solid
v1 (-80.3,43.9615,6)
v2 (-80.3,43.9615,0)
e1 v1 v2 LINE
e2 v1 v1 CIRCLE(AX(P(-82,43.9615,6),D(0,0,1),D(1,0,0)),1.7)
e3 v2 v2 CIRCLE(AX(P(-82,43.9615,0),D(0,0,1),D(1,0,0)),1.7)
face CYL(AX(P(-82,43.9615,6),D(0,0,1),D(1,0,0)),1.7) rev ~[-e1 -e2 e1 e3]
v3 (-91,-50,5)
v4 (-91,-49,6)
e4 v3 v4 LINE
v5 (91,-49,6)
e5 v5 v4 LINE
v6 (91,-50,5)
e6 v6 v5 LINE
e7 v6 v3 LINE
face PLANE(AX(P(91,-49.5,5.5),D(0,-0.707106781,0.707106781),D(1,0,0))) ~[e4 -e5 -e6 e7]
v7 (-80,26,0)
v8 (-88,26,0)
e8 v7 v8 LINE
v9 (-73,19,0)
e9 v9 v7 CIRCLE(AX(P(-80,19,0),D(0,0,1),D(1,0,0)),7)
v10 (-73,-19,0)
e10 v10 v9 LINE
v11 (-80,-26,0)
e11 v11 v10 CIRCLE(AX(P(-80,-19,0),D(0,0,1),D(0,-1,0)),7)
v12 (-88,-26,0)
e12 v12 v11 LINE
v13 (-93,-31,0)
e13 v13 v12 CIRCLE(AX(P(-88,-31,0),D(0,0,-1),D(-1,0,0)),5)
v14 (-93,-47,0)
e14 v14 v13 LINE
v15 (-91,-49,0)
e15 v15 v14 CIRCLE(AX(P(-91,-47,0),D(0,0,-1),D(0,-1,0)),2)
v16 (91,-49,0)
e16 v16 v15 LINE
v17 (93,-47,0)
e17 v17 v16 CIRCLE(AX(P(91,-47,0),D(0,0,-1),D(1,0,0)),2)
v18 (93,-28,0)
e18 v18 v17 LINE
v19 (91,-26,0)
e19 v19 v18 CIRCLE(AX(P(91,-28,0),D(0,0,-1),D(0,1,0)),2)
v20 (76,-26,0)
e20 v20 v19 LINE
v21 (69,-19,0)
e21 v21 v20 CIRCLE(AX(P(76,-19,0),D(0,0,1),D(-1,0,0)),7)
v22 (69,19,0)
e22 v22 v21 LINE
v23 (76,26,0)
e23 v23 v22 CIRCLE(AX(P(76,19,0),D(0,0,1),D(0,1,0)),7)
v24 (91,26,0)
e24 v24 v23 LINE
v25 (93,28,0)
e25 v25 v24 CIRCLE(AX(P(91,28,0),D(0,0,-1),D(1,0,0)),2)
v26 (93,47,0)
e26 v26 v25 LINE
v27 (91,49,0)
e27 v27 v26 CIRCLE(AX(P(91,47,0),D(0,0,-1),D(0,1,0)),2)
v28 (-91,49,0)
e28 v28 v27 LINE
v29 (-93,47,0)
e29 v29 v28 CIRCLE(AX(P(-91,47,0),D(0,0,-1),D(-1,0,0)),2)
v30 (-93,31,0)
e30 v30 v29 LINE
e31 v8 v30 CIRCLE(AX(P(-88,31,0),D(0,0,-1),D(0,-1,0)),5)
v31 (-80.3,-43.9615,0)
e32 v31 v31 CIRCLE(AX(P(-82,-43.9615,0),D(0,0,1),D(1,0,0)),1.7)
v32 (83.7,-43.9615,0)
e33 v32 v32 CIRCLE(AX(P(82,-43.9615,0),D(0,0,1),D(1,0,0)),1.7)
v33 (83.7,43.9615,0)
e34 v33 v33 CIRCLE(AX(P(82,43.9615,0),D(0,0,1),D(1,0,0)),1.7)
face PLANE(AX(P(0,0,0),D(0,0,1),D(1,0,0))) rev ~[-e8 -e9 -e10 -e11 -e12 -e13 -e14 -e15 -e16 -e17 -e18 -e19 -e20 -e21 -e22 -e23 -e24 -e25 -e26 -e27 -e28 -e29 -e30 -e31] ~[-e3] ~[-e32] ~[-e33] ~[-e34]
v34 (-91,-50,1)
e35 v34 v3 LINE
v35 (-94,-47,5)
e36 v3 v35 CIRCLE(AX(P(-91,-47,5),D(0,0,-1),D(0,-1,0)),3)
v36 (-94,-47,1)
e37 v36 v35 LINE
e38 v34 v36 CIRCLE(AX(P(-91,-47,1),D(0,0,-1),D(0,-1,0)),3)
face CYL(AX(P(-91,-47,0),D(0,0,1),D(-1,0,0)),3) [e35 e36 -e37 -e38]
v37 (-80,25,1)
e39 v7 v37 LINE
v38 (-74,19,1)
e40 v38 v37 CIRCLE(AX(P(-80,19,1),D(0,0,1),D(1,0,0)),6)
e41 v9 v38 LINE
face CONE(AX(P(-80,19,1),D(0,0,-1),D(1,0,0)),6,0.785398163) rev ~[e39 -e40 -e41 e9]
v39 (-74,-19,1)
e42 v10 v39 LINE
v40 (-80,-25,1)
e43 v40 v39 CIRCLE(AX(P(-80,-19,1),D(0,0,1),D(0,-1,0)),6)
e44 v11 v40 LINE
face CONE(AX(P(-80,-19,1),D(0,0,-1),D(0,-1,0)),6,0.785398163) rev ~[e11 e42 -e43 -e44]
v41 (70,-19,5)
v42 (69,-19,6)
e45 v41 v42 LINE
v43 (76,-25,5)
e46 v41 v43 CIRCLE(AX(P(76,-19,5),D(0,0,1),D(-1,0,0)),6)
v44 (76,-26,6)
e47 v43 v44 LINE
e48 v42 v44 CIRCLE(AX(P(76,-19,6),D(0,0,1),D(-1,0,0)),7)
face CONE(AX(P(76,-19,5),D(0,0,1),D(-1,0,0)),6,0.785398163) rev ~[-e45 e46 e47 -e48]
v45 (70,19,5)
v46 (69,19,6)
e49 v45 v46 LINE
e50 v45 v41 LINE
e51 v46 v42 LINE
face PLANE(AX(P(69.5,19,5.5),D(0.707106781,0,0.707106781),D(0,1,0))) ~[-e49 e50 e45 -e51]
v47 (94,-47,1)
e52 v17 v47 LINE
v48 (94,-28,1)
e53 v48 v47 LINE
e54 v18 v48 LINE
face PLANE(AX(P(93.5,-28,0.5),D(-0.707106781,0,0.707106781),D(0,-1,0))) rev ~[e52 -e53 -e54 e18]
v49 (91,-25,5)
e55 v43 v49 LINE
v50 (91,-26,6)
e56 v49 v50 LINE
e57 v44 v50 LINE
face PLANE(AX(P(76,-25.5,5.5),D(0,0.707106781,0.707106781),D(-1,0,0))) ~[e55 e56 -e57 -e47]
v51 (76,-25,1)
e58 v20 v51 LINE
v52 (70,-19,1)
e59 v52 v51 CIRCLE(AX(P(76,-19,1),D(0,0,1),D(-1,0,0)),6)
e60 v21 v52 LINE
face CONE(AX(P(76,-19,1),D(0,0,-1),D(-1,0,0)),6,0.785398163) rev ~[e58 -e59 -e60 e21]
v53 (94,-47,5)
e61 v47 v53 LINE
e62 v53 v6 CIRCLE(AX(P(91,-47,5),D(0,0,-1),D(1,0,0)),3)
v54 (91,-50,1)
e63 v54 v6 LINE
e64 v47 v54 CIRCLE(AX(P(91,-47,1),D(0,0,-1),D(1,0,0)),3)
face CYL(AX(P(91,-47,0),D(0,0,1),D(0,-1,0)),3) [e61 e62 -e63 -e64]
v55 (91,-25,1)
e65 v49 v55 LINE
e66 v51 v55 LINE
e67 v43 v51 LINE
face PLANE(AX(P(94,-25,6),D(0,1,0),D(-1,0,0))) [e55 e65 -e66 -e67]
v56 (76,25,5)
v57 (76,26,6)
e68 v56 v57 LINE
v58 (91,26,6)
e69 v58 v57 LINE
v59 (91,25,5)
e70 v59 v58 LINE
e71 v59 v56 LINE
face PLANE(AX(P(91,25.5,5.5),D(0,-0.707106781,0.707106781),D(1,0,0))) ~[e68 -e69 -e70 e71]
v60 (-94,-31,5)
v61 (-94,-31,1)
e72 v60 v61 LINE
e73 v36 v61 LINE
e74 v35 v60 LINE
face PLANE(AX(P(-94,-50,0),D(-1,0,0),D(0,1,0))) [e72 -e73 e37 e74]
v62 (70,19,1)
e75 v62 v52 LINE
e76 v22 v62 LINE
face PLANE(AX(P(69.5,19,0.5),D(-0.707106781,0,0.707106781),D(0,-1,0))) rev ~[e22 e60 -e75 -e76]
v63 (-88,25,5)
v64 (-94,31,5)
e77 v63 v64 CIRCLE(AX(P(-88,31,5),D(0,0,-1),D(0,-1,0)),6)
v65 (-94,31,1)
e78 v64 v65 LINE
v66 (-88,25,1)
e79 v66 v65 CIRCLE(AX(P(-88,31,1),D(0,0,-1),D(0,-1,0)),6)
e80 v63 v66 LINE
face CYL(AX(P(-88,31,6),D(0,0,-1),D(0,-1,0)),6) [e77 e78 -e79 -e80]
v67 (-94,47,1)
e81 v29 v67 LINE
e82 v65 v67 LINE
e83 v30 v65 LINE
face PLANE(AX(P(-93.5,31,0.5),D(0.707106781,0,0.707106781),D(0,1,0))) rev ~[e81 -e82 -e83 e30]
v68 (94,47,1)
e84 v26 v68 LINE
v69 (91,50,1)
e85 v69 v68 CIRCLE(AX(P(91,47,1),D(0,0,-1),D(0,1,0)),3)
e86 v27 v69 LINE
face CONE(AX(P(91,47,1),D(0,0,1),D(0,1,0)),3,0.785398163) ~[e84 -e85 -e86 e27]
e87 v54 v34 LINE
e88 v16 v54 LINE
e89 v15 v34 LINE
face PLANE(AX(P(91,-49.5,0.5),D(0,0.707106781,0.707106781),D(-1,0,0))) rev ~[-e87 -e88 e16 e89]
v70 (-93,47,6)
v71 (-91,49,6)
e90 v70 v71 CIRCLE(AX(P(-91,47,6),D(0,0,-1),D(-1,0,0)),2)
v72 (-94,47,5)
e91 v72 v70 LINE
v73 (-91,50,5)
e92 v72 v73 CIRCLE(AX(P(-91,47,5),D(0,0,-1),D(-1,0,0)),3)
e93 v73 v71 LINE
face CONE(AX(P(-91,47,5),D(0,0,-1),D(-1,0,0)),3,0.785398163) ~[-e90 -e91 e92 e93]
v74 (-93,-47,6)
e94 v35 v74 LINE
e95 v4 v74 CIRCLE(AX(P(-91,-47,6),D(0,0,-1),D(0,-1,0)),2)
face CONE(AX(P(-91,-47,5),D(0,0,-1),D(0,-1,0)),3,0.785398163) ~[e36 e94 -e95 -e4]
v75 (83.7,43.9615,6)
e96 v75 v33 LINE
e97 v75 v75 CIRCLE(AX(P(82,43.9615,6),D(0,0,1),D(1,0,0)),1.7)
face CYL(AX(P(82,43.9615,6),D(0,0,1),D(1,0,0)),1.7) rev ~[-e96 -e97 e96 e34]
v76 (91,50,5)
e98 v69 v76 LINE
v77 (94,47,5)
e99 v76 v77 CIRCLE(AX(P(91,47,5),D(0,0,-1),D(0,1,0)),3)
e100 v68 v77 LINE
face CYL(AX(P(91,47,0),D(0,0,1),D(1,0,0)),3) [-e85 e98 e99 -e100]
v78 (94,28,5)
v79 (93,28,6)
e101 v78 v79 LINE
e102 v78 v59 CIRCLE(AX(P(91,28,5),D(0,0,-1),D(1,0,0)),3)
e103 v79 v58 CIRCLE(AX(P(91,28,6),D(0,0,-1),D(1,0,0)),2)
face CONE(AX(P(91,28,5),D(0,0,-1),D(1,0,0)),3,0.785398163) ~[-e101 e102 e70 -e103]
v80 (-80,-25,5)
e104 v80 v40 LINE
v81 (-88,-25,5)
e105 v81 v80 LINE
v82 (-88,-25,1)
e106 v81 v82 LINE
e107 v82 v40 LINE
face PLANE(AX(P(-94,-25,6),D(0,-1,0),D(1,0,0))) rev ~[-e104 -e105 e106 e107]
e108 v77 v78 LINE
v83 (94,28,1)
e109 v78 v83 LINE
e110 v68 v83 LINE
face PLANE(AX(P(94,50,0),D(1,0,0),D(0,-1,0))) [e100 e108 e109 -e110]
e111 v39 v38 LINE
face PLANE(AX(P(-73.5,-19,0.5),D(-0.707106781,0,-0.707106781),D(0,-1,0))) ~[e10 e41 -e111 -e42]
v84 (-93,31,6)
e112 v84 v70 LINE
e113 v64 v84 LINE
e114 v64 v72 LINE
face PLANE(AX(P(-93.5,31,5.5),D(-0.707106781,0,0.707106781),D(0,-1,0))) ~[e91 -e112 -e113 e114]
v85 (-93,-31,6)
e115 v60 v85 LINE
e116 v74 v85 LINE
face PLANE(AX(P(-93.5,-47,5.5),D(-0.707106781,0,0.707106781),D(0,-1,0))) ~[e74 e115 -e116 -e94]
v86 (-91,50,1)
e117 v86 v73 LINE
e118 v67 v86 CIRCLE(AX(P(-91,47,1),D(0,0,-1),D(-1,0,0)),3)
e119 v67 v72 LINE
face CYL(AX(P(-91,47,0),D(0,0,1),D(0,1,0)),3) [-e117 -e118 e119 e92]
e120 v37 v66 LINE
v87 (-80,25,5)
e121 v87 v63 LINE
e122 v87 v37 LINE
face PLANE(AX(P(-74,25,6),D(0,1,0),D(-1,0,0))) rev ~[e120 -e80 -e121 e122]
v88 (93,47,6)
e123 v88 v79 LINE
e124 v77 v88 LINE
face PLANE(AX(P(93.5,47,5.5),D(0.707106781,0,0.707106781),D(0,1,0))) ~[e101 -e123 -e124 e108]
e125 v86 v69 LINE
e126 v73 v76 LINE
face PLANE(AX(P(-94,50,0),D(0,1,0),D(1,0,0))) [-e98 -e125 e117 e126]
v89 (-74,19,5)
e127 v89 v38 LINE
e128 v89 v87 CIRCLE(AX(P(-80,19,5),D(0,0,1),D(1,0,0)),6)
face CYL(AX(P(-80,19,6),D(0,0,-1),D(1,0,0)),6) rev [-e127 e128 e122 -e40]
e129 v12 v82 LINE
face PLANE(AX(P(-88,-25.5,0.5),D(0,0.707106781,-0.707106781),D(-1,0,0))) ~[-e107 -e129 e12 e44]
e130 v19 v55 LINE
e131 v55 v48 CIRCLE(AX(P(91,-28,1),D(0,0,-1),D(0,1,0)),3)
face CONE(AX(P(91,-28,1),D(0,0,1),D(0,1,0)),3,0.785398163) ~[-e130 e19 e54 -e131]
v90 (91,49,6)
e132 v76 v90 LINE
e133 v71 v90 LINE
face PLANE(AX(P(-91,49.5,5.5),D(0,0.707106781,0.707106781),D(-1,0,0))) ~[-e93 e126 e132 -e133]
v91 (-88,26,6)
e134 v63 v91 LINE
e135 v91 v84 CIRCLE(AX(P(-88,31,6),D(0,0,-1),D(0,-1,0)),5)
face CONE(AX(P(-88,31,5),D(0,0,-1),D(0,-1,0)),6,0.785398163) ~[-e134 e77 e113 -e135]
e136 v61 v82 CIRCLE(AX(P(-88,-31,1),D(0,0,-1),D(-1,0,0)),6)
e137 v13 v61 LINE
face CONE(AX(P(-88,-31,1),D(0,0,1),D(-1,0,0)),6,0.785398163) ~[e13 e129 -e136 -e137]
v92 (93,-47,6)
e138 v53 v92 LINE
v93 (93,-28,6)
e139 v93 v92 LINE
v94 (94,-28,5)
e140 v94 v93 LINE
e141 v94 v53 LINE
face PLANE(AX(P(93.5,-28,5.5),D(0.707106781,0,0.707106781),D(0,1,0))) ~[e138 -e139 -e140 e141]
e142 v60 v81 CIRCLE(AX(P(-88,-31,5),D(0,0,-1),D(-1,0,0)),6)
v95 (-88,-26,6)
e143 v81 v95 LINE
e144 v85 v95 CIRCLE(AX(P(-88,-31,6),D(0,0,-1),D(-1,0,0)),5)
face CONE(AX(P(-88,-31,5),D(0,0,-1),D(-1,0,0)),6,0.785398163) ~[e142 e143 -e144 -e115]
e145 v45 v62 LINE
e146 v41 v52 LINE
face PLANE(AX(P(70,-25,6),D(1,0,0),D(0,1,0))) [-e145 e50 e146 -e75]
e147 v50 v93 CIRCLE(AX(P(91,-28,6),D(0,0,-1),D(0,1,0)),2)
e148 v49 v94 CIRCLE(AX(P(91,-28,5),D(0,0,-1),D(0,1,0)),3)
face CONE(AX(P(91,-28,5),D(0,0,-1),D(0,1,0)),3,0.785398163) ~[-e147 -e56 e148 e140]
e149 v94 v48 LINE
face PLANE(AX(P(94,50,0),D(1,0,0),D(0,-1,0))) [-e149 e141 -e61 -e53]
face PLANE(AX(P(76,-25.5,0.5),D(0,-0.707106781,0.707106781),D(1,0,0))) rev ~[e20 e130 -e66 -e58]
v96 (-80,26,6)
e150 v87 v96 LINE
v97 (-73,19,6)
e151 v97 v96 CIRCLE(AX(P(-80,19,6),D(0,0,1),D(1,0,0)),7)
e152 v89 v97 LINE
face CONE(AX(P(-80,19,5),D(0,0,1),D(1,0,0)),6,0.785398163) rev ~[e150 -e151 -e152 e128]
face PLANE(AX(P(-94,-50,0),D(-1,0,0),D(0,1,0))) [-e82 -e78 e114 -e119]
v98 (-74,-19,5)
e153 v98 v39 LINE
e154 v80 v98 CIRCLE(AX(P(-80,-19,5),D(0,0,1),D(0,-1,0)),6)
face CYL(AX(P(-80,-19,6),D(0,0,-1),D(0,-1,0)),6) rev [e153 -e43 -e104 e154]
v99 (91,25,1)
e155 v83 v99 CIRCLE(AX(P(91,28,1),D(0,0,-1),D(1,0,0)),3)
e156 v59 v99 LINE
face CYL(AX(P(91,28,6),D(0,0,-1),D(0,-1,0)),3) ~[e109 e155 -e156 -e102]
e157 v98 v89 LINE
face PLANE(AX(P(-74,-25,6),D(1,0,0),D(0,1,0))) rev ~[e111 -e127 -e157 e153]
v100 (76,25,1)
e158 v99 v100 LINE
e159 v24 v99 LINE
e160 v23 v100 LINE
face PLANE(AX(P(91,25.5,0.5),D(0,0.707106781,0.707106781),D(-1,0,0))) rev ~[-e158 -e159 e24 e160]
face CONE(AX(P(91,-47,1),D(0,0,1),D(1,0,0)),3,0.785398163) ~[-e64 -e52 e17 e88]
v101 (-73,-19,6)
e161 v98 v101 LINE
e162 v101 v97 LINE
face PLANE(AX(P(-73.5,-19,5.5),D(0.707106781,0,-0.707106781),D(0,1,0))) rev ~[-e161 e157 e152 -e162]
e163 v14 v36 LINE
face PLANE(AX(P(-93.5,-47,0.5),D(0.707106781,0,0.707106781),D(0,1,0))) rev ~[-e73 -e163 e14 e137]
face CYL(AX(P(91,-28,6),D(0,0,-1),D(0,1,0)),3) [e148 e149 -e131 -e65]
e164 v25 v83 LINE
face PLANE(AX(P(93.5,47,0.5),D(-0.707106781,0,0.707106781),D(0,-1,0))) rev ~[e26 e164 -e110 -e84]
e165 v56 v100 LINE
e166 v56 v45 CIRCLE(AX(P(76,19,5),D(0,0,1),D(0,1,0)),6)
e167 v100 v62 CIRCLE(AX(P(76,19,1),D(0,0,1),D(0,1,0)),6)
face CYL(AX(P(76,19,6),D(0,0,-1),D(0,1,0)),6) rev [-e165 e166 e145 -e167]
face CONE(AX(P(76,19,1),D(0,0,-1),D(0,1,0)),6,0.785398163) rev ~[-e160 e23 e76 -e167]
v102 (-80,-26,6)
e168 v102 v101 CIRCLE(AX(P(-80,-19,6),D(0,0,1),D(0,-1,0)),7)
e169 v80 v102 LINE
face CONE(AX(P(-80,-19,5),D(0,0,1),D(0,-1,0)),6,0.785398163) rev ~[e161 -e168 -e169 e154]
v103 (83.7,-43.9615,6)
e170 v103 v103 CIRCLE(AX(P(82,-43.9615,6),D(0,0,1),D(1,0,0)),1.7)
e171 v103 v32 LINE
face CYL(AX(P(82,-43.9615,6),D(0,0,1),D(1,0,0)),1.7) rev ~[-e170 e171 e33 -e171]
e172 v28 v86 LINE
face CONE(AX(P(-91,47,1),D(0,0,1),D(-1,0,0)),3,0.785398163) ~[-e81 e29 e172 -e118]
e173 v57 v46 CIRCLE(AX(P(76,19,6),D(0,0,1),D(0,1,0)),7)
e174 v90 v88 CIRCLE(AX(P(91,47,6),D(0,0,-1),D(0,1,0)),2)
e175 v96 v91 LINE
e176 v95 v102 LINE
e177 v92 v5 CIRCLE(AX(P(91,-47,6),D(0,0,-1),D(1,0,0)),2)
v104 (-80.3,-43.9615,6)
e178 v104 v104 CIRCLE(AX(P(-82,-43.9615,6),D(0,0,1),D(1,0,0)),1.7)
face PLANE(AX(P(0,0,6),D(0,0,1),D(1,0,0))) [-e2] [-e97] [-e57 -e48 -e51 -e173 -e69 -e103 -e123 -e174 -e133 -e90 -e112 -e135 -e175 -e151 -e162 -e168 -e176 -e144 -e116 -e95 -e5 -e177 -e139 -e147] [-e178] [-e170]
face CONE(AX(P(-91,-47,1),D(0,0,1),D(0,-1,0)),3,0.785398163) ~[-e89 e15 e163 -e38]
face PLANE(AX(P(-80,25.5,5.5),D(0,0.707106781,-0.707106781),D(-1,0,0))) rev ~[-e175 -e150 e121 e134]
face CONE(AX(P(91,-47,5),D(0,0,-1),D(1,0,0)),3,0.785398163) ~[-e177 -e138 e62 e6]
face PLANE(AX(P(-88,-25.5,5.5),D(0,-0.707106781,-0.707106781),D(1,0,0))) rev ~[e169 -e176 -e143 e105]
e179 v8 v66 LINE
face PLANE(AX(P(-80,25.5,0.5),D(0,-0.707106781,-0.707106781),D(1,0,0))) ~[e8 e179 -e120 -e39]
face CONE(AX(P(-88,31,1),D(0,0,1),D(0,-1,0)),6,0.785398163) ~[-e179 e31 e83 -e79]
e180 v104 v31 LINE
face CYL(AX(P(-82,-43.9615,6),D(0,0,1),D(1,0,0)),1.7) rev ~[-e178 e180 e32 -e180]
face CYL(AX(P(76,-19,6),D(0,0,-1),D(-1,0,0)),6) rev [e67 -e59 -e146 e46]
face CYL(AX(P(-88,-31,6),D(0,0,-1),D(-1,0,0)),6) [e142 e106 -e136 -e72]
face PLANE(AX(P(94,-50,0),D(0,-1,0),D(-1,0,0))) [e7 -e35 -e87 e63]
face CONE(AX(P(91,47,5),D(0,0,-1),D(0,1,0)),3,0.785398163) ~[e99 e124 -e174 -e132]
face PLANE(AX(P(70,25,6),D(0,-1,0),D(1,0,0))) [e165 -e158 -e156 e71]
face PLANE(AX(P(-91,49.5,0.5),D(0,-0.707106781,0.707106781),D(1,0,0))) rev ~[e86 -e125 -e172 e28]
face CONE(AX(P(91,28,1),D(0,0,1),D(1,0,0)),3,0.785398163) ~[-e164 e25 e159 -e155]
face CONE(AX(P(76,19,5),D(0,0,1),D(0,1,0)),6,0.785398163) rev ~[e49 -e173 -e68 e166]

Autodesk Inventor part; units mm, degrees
ref_plane "YZ Plane" through (0, 0, 0) normal (1, 0, 0) x (0, 1, 0)
ref_plane "XZ Plane" through (0, 0, 0) normal (0, 1, 0) x (-1, 0, 0)
ref_plane "XY Plane" through (0, 0, 0) normal (0, 0, 1) x (1, 0, 0)
sketch "Sketch1" plane through (0, 0, 0) normal (0, 0, 1) x (1, 0, 0)
  line L0 (-94, 50) -> (94, 50)
  line L1 (94, 50) -> (94, -50)
  line L2 (94, -50) -> (-94, -50)
  line L3 (-94, -50) -> (-94, 50)
  point P0 (0, 0)
  point P1 (0, 50)
  point P2 (94, 0)
  dimension "d2" = 100
  dimension "d3" = 188
extrude "Extrusion1" add sketch "Sketch1" along normal blind 6
sketch "Sketch5" plane through (0, 0, 6) normal (0, 0, 1) x (1, 0, 0)
  circle A0 centre (82, -43.9615) radius 1.7
  circle A1 centre (82, 43.9615) radius 1.7
  line L0 (82, -43.9615) -> (82, 43.9615) construction
  line L1 (94, -50) -> (94, 50) projected
  point P0 (0, 0)
  point P1 (82, 0)
  point P2 (94, 0)
  dimension "d27" = 3.4
  dimension "d28" = 12
  dimension "d29" = 87.923
extrude "Extrusion5" cut sketch "Sketch5" against normal through all
sketch "Sketch6" plane through (0, 0, 6) normal (0, 0, 1) x (1, 0, 0)
  line L0 (70, 25) -> (94, 25)
  line L1 (94, 25) -> (94, -25)
  line L2 (94, -25) -> (70, -25)
  line L3 (70, -25) -> (70, 25)
  line L4 (94, -50) -> (94, 50) projected
  point P0 (0, 0)
  point P1 (94, 0)
  dimension "d34" = 24
  dimension "d35" = 50
extrude "Extrusion6" cut sketch "Sketch6" against normal through all
fillet "Fillet2" radius 6 2 edges at (70, -25, 3) (70, 25, 3)
fillet "Fillet3" radius 3 6 edges at (94, -25, 3) (94, -50, 3) (94, 25, 3) (94, 50, 3) (-94, 50, 3) (-94, -50, 3)
sketch "Sketch9" plane through (0, 0, 6) normal (0, 0, 1) x (1, 0, 0)
  circle A0 centre (-82, 43.9615) radius 1.7
  circle A1 centre (-82, -43.9615) radius 1.7
  line L0 (-82, -43.9615) -> (-82, 43.9615) construction
  line L1 (-94, 47) -> (-94, -47) projected
  point P0 (0, 0)
  point P1 (-82, 0)
  point P2 (-94, 0)
  dimension "d47" = 87.923
  dimension "d48" = 12
  dimension "d49" = 3.4
extrude "Extrusion8" cut sketch "Sketch9" against normal through all
sketch "Sketch10" plane through (0, 0, 6) normal (0, 0, 1) x (1, 0, 0)
  line L0 (-94, 47) -> (-94, -47) projected
  line L1 (-94, -25) -> (-74, -25)
  line L2 (-74, -25) -> (-74, 25)
  line L3 (-74, 25) -> (-94, 25)
  line L4 (-94, 25) -> (-94, -25)
  point P0 (0, 0)
  point P1 (-94, 0)
  dimension "d52" = 50
  dimension "d53" = 20
extrude "Extrusion9" cut sketch "Sketch10" against normal through all
fillet "Fillet4" radius 6 4 edges at (-74, -25, 3) (-74, 25, 3) (-94, -25, 3) (-94, 25, 3)
chamfer "Chamfer5" distance 1 angle 45 48 edges at (0, -50, 6) (93.1213, -49.1213, 6) (94, -37.5, 6) (93.1213, -25.8787, 6) (83.5, -25, 6) (71.7574, -23.2426, 6) (70, 0, 6) (71.7574, 23.2426, 6) (83.5, 25, 6) (93.1213, 25.8787, 6) (94, 37.5, 6) (93.1213, 49.1213, 6) (0, 50, 6) (-93.1213, 49.1213, 6) (-94, 39, 6) (-92.2426, 26.7574, 6) (-84, 25, 6) (-75.7574, 23.2426, 6) (-74, 0, 6) (-75.7574, -23.2426, 6) (-84, -25, 6) (-92.2426, -26.7574, 6) (-94, -39, 6) (-93.1213, -49.1213, 6) (0, 50, 0) (-93.1213, 49.1213, 0) (-94, 39, 0) (-92.2426, 26.7574, 0) (-84, 25, 0) (-75.7574, 23.2426, 0) (-74, 0, 0) (-75.7574, -23.2426, 0) (-84, -25, 0) (-92.2426, -26.7574, 0) (-94, -39, 0) (-93.1213, -49.1213, 0) (0, -50, 0) (93.1213, -49.1213, 0) (94, -37.5, 0) (93.1213, -25.8787, 0) (83.5, -25, 0) (71.7574, -23.2426, 0) (70, 0, 0) (71.7574, 23.2426, 0) (83.5, 25, 0) (93.1213, 25.8787, 0) (94, 37.5, 0) (93.1213, 49.1213, 0)
properties part number "Cathode-Cover-Plate-bottom-side"
